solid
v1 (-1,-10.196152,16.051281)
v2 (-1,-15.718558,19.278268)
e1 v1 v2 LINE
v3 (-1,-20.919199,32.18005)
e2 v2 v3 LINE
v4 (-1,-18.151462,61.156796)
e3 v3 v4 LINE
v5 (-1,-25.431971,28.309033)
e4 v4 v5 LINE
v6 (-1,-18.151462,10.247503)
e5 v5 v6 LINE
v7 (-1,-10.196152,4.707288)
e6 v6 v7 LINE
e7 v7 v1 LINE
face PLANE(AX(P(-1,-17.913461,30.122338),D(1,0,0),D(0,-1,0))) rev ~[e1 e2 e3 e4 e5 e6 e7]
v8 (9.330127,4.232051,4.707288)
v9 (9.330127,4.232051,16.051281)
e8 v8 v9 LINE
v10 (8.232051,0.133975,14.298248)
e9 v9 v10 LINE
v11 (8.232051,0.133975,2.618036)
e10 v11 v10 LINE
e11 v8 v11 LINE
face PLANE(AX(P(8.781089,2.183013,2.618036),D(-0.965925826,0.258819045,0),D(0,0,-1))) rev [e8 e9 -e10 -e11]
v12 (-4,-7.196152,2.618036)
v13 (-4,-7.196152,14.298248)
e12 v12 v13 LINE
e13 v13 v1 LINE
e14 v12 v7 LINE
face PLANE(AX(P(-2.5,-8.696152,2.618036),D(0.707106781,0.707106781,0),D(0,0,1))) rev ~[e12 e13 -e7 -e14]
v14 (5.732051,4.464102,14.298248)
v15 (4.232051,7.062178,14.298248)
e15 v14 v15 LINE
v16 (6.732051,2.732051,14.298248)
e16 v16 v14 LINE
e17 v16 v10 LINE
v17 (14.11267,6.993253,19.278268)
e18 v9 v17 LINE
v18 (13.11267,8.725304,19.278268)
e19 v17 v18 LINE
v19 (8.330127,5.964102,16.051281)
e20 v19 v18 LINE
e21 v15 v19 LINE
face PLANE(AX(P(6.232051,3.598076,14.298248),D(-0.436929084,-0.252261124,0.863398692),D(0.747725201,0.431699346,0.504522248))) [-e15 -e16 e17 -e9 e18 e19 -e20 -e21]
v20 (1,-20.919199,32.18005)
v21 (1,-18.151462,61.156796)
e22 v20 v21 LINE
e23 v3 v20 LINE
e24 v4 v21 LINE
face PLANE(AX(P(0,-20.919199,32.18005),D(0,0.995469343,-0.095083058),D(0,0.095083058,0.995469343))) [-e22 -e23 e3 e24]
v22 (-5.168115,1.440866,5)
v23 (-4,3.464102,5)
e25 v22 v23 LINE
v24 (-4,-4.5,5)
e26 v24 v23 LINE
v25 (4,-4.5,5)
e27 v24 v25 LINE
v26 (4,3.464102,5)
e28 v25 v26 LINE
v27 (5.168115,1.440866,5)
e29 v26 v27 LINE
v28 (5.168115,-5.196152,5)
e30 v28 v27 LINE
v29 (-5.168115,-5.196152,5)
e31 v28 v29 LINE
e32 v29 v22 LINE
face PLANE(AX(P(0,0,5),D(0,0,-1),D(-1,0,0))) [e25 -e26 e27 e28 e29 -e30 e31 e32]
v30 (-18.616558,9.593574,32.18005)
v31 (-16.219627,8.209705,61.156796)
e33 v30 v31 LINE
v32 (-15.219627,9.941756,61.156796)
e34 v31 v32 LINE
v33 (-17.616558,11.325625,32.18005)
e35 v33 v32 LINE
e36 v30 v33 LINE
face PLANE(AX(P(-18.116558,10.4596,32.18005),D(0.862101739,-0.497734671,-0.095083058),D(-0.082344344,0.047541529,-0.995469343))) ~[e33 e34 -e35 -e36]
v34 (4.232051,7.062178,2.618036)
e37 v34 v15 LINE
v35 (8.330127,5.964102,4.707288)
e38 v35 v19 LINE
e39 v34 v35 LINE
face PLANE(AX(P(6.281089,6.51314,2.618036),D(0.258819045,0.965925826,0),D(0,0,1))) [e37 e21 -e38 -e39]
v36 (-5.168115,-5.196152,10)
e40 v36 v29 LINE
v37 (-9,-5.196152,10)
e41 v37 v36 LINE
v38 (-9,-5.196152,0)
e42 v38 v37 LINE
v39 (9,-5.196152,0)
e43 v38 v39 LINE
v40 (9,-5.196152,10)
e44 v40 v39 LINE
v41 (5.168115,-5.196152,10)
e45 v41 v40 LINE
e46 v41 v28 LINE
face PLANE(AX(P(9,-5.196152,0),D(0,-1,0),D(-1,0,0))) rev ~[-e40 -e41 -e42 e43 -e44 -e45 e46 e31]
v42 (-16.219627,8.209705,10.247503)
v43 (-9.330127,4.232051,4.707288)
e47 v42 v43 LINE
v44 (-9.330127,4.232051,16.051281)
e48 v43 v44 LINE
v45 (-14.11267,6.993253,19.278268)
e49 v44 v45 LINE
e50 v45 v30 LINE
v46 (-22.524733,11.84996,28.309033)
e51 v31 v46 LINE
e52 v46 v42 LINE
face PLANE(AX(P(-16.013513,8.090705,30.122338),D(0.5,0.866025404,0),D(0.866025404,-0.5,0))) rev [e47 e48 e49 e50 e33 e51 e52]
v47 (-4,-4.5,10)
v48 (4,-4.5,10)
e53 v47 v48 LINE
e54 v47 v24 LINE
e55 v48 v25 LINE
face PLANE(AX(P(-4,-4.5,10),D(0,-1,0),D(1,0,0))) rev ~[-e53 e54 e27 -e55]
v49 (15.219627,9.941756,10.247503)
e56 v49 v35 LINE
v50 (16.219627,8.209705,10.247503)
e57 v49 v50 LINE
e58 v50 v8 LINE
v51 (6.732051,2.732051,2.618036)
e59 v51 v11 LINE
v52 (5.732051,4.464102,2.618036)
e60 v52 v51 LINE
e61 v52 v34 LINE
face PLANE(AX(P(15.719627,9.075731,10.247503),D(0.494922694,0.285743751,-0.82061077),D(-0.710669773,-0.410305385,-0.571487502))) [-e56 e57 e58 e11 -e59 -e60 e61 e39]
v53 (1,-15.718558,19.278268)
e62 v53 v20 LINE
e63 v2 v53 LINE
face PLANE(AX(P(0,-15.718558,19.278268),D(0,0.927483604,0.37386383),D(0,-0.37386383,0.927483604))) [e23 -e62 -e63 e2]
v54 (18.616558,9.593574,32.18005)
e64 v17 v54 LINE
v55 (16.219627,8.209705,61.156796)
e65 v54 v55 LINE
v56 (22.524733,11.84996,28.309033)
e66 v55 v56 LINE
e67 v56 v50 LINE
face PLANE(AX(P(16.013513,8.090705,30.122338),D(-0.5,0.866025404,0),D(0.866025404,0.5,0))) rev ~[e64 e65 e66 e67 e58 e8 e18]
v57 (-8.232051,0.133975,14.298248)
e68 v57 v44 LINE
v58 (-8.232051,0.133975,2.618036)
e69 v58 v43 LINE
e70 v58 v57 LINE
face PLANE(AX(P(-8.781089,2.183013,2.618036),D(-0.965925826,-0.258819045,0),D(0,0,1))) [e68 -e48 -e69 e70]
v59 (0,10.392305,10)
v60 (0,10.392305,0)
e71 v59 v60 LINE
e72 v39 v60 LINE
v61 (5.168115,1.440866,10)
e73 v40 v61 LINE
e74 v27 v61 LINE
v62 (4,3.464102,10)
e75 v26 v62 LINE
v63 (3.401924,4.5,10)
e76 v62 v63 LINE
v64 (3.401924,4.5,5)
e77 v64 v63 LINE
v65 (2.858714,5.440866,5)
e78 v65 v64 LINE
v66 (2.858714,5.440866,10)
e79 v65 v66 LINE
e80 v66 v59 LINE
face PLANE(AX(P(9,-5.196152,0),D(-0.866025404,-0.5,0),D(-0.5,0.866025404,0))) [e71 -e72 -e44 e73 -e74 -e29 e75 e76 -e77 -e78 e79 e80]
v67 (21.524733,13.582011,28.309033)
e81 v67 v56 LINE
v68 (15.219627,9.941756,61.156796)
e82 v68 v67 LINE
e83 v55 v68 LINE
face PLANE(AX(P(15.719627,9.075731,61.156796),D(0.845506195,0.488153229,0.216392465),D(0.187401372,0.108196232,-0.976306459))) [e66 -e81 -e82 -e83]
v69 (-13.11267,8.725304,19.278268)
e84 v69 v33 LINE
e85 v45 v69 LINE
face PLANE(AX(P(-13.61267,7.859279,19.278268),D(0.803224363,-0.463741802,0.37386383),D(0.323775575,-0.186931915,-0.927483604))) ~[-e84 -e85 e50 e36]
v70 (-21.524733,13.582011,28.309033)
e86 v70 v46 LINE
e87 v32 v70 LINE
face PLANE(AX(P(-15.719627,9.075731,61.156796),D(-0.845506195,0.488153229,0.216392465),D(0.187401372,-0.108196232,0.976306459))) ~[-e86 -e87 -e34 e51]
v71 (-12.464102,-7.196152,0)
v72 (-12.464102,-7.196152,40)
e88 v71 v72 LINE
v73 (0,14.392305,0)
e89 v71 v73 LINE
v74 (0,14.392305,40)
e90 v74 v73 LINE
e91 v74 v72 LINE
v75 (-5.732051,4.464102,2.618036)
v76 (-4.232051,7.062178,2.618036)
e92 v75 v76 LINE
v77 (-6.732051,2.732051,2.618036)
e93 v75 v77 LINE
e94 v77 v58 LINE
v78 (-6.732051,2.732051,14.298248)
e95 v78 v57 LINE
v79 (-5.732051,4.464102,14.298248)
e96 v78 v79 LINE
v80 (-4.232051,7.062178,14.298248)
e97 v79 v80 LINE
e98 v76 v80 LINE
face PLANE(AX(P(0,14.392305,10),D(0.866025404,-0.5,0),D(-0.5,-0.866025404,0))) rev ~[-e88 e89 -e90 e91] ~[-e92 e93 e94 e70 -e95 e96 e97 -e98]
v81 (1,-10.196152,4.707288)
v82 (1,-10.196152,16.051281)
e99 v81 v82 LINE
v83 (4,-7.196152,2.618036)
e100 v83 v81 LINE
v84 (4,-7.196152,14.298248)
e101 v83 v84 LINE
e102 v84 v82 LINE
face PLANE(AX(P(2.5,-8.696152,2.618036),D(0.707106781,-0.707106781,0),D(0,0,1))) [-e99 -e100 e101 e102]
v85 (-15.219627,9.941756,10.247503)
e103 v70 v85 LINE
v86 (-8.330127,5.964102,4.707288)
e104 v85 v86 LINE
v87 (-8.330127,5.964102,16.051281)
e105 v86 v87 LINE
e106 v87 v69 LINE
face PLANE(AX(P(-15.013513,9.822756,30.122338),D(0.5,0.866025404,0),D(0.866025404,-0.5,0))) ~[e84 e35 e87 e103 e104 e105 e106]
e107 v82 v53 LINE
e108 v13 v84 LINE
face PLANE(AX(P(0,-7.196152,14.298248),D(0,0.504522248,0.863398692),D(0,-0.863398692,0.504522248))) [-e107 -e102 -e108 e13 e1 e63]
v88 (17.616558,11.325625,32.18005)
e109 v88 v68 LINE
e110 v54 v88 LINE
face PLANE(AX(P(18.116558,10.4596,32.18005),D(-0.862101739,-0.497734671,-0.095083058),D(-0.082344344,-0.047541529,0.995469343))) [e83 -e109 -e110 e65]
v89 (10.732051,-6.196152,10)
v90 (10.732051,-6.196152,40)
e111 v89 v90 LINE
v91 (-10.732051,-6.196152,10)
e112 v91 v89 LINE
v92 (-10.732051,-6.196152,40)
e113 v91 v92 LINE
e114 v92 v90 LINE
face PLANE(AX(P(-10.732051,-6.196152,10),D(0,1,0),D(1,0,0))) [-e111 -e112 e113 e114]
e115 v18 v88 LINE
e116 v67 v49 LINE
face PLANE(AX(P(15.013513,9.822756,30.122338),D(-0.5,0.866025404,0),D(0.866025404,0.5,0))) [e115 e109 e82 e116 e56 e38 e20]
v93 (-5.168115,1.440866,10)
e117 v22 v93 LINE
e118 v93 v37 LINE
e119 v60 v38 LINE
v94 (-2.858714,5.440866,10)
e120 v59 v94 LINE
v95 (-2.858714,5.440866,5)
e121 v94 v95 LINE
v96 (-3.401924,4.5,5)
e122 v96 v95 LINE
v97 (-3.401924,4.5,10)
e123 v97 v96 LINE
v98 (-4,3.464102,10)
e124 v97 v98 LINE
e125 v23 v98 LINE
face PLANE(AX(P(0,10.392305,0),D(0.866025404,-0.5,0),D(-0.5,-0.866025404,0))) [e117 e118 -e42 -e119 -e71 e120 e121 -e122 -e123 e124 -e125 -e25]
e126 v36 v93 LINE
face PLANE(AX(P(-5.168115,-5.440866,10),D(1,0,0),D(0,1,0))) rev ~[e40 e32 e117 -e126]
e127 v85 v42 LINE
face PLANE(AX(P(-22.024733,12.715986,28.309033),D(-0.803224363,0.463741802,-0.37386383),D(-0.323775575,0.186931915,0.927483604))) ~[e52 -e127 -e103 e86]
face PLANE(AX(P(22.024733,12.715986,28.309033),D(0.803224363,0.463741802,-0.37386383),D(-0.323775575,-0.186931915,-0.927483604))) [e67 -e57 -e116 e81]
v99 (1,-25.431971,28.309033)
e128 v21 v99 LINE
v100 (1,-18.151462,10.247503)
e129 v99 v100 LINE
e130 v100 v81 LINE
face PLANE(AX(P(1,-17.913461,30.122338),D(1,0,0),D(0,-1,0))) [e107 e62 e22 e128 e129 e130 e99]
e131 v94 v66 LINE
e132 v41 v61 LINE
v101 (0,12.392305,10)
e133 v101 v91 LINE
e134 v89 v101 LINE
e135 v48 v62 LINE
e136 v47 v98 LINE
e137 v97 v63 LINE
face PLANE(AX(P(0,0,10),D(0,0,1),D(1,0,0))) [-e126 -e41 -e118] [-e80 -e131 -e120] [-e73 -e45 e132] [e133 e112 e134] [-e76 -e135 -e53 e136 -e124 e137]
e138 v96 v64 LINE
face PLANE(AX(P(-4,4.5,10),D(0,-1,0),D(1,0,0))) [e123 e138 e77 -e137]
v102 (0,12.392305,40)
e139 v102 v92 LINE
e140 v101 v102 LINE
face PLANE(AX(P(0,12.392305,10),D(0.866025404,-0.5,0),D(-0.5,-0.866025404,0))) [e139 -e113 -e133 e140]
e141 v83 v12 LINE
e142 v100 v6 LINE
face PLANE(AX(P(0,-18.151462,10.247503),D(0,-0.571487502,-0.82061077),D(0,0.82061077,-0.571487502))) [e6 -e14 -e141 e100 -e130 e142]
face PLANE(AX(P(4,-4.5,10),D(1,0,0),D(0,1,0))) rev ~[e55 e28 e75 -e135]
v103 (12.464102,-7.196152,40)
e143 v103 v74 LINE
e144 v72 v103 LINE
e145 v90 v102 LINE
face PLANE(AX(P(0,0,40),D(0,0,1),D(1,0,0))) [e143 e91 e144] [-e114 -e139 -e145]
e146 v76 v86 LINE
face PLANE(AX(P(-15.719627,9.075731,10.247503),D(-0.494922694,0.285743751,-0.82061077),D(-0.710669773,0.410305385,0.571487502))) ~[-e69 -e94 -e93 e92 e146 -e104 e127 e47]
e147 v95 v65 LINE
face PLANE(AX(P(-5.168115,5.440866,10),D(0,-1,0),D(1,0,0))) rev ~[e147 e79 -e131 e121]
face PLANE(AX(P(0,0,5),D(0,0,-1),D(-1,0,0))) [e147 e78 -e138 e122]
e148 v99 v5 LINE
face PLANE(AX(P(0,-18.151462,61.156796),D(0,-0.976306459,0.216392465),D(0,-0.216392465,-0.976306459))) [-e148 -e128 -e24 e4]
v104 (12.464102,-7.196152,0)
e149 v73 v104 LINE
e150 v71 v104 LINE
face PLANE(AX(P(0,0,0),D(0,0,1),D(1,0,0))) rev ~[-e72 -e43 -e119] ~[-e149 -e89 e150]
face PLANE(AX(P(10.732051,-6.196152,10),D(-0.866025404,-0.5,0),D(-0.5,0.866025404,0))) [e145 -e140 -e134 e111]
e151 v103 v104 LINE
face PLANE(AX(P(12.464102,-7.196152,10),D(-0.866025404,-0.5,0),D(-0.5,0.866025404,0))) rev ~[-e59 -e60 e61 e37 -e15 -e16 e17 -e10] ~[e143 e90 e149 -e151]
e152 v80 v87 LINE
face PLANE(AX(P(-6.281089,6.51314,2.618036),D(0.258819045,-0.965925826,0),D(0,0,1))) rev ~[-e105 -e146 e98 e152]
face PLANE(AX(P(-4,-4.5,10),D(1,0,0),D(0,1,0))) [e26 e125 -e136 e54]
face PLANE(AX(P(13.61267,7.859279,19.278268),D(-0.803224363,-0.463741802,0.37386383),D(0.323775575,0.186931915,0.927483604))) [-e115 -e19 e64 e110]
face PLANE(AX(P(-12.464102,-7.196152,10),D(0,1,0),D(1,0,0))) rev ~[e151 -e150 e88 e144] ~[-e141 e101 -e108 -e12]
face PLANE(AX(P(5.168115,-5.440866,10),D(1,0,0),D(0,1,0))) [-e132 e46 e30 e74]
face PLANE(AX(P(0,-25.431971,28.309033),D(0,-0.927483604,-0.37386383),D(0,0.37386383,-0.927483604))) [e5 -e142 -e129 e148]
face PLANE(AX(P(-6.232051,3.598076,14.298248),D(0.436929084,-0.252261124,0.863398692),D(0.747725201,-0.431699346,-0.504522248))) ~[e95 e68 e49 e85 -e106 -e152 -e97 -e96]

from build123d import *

# Parameters (mm, degrees)
BOSS_EXTRUDE1_DEPTH  = 10
SKETCH2_W            = 10.336230878
SKETCH2_H            = 10.881732654
SKETCH2_W_2          = 8
SKETCH2_H_2          = 9
BOSS_EXTRUDE2_DEPTH  = 10
EXTRUDE_THIN1_DEPTH  = 30
BOSS_EXTRUDE3_DEPTH  = 1
MIRROR2_COPY_1_DEPTH = 1
CHAMFER2_SIZE        = 3
CUT_EXTRUDE1_DEPTH   = 5


with BuildPart() as part:
    # Sketch1 → Boss-Extrude1 (new body)
    with BuildSketch(Plane.XY):
        Polygon((0, 14.392304845), (-12.464101615, -7.196152423), (12.464101615, -7.196152423), align=None)
        Polygon((0, 10.392304845), (-9, -5.196152423), (9, -5.196152423), align=None, mode=Mode.SUBTRACT)
    extrude(amount=BOSS_EXTRUDE1_DEPTH)

    # Sketch2 → Boss-Extrude2 (add)
    with BuildSketch(Plane.XY.offset(10)):
        Rectangle(SKETCH2_W, SKETCH2_H)
        Rectangle(SKETCH2_W_2, SKETCH2_H_2, mode=Mode.SUBTRACT)
    extrude(amount=-BOSS_EXTRUDE2_DEPTH)

    # Sketch3 → Extrude-Thin1 (add)
    with BuildSketch(Plane.XY.offset(10)):
        Polygon((0, 14.392304845), (-12.464101615, -7.196152423), (12.464101615, -7.196152423), align=None)
        Polygon((0, 12.392304845), (-10.732050808, -6.196152423), (10.732050808, -6.196152423), align=None, mode=Mode.SUBTRACT)
    extrude(amount=EXTRUDE_THIN1_DEPTH)

    # Sketch4 → Boss-Extrude3 (add, symmetric)
    with BuildSketch(Plane(origin=(0, 0, 0), x_dir=(0.866025404, 0.5, 0), z_dir=(-0.5, 0.866025404, 0))):
        Polygon((7.196152423, -2.618036355), (7.196152423, -14.298247708), (15.718557778, -19.278268119), (20.919199073, -32.180049847), (18.151461796, -61.156795565), (25.431971062, -28.309033375), (18.151461796, -10.247502864), align=None)
    boss_extrude3 = extrude(amount=BOSS_EXTRUDE3_DEPTH, both=True)

    # Mirror1: Boss-Extrude3 across plane
    add(boss_extrude3.mirror(Plane(origin=(0, 0, 0), x_dir=(0, 0, 1), z_dir=(1, 0, 0))))

    # Mirror2: Boss-Extrude3 across plane
    add(boss_extrude3.mirror(Plane(origin=(0, 0, 0), x_dir=(0, 0, 1), z_dir=(-0.5, 0.866025404, 0))))

    # Mirror2 copy 1 sketch → Mirror2 copy 1 (add, symmetric)
    with BuildSketch(Plane(origin=(0, 0, 0), x_dir=(0, -1, 0), z_dir=(1, 0, 0))):
        Polygon((7.196152423, -2.618036355), (7.196152423, -14.298247708), (15.718557778, -19.278268119), (20.919199073, -32.180049847), (18.151461796, -61.156795565), (25.431971062, -28.309033375), (18.151461796, -10.247502864), align=None)
    extrude(amount=MIRROR2_COPY_1_DEPTH, both=True)

    # Chamfer2
    chamfer2_edges = [part.edges().sort_by_distance(p)[0] for p in [
        (6.732050808, 2.732050808, 8.458142032),
        (5.732050808, 4.464101615, 8.458142032),
        (-5.732050808, 4.464101615, 8.458142032),
        (-6.732050808, 2.732050808, 8.458142032),
        (-1, -7.196152423, 8.458142032),
        (1, -7.196152423, 8.458142032),
    ]]
    chamfer(chamfer2_edges, length=CHAMFER2_SIZE)

    # Sketch5 → Cut-Extrude1 (cut)
    with BuildSketch(Plane(origin=(0, 0, 0), x_dir=(-1, 0, 0), z_dir=(0, 0, -1))):
        Polygon((0, 10.392304845), (-9, -5.196152423), (9, -5.196152423), align=None)
    extrude(amount=-CUT_EXTRUDE1_DEPTH, mode=Mode.SUBTRACT)


solid = part.part
